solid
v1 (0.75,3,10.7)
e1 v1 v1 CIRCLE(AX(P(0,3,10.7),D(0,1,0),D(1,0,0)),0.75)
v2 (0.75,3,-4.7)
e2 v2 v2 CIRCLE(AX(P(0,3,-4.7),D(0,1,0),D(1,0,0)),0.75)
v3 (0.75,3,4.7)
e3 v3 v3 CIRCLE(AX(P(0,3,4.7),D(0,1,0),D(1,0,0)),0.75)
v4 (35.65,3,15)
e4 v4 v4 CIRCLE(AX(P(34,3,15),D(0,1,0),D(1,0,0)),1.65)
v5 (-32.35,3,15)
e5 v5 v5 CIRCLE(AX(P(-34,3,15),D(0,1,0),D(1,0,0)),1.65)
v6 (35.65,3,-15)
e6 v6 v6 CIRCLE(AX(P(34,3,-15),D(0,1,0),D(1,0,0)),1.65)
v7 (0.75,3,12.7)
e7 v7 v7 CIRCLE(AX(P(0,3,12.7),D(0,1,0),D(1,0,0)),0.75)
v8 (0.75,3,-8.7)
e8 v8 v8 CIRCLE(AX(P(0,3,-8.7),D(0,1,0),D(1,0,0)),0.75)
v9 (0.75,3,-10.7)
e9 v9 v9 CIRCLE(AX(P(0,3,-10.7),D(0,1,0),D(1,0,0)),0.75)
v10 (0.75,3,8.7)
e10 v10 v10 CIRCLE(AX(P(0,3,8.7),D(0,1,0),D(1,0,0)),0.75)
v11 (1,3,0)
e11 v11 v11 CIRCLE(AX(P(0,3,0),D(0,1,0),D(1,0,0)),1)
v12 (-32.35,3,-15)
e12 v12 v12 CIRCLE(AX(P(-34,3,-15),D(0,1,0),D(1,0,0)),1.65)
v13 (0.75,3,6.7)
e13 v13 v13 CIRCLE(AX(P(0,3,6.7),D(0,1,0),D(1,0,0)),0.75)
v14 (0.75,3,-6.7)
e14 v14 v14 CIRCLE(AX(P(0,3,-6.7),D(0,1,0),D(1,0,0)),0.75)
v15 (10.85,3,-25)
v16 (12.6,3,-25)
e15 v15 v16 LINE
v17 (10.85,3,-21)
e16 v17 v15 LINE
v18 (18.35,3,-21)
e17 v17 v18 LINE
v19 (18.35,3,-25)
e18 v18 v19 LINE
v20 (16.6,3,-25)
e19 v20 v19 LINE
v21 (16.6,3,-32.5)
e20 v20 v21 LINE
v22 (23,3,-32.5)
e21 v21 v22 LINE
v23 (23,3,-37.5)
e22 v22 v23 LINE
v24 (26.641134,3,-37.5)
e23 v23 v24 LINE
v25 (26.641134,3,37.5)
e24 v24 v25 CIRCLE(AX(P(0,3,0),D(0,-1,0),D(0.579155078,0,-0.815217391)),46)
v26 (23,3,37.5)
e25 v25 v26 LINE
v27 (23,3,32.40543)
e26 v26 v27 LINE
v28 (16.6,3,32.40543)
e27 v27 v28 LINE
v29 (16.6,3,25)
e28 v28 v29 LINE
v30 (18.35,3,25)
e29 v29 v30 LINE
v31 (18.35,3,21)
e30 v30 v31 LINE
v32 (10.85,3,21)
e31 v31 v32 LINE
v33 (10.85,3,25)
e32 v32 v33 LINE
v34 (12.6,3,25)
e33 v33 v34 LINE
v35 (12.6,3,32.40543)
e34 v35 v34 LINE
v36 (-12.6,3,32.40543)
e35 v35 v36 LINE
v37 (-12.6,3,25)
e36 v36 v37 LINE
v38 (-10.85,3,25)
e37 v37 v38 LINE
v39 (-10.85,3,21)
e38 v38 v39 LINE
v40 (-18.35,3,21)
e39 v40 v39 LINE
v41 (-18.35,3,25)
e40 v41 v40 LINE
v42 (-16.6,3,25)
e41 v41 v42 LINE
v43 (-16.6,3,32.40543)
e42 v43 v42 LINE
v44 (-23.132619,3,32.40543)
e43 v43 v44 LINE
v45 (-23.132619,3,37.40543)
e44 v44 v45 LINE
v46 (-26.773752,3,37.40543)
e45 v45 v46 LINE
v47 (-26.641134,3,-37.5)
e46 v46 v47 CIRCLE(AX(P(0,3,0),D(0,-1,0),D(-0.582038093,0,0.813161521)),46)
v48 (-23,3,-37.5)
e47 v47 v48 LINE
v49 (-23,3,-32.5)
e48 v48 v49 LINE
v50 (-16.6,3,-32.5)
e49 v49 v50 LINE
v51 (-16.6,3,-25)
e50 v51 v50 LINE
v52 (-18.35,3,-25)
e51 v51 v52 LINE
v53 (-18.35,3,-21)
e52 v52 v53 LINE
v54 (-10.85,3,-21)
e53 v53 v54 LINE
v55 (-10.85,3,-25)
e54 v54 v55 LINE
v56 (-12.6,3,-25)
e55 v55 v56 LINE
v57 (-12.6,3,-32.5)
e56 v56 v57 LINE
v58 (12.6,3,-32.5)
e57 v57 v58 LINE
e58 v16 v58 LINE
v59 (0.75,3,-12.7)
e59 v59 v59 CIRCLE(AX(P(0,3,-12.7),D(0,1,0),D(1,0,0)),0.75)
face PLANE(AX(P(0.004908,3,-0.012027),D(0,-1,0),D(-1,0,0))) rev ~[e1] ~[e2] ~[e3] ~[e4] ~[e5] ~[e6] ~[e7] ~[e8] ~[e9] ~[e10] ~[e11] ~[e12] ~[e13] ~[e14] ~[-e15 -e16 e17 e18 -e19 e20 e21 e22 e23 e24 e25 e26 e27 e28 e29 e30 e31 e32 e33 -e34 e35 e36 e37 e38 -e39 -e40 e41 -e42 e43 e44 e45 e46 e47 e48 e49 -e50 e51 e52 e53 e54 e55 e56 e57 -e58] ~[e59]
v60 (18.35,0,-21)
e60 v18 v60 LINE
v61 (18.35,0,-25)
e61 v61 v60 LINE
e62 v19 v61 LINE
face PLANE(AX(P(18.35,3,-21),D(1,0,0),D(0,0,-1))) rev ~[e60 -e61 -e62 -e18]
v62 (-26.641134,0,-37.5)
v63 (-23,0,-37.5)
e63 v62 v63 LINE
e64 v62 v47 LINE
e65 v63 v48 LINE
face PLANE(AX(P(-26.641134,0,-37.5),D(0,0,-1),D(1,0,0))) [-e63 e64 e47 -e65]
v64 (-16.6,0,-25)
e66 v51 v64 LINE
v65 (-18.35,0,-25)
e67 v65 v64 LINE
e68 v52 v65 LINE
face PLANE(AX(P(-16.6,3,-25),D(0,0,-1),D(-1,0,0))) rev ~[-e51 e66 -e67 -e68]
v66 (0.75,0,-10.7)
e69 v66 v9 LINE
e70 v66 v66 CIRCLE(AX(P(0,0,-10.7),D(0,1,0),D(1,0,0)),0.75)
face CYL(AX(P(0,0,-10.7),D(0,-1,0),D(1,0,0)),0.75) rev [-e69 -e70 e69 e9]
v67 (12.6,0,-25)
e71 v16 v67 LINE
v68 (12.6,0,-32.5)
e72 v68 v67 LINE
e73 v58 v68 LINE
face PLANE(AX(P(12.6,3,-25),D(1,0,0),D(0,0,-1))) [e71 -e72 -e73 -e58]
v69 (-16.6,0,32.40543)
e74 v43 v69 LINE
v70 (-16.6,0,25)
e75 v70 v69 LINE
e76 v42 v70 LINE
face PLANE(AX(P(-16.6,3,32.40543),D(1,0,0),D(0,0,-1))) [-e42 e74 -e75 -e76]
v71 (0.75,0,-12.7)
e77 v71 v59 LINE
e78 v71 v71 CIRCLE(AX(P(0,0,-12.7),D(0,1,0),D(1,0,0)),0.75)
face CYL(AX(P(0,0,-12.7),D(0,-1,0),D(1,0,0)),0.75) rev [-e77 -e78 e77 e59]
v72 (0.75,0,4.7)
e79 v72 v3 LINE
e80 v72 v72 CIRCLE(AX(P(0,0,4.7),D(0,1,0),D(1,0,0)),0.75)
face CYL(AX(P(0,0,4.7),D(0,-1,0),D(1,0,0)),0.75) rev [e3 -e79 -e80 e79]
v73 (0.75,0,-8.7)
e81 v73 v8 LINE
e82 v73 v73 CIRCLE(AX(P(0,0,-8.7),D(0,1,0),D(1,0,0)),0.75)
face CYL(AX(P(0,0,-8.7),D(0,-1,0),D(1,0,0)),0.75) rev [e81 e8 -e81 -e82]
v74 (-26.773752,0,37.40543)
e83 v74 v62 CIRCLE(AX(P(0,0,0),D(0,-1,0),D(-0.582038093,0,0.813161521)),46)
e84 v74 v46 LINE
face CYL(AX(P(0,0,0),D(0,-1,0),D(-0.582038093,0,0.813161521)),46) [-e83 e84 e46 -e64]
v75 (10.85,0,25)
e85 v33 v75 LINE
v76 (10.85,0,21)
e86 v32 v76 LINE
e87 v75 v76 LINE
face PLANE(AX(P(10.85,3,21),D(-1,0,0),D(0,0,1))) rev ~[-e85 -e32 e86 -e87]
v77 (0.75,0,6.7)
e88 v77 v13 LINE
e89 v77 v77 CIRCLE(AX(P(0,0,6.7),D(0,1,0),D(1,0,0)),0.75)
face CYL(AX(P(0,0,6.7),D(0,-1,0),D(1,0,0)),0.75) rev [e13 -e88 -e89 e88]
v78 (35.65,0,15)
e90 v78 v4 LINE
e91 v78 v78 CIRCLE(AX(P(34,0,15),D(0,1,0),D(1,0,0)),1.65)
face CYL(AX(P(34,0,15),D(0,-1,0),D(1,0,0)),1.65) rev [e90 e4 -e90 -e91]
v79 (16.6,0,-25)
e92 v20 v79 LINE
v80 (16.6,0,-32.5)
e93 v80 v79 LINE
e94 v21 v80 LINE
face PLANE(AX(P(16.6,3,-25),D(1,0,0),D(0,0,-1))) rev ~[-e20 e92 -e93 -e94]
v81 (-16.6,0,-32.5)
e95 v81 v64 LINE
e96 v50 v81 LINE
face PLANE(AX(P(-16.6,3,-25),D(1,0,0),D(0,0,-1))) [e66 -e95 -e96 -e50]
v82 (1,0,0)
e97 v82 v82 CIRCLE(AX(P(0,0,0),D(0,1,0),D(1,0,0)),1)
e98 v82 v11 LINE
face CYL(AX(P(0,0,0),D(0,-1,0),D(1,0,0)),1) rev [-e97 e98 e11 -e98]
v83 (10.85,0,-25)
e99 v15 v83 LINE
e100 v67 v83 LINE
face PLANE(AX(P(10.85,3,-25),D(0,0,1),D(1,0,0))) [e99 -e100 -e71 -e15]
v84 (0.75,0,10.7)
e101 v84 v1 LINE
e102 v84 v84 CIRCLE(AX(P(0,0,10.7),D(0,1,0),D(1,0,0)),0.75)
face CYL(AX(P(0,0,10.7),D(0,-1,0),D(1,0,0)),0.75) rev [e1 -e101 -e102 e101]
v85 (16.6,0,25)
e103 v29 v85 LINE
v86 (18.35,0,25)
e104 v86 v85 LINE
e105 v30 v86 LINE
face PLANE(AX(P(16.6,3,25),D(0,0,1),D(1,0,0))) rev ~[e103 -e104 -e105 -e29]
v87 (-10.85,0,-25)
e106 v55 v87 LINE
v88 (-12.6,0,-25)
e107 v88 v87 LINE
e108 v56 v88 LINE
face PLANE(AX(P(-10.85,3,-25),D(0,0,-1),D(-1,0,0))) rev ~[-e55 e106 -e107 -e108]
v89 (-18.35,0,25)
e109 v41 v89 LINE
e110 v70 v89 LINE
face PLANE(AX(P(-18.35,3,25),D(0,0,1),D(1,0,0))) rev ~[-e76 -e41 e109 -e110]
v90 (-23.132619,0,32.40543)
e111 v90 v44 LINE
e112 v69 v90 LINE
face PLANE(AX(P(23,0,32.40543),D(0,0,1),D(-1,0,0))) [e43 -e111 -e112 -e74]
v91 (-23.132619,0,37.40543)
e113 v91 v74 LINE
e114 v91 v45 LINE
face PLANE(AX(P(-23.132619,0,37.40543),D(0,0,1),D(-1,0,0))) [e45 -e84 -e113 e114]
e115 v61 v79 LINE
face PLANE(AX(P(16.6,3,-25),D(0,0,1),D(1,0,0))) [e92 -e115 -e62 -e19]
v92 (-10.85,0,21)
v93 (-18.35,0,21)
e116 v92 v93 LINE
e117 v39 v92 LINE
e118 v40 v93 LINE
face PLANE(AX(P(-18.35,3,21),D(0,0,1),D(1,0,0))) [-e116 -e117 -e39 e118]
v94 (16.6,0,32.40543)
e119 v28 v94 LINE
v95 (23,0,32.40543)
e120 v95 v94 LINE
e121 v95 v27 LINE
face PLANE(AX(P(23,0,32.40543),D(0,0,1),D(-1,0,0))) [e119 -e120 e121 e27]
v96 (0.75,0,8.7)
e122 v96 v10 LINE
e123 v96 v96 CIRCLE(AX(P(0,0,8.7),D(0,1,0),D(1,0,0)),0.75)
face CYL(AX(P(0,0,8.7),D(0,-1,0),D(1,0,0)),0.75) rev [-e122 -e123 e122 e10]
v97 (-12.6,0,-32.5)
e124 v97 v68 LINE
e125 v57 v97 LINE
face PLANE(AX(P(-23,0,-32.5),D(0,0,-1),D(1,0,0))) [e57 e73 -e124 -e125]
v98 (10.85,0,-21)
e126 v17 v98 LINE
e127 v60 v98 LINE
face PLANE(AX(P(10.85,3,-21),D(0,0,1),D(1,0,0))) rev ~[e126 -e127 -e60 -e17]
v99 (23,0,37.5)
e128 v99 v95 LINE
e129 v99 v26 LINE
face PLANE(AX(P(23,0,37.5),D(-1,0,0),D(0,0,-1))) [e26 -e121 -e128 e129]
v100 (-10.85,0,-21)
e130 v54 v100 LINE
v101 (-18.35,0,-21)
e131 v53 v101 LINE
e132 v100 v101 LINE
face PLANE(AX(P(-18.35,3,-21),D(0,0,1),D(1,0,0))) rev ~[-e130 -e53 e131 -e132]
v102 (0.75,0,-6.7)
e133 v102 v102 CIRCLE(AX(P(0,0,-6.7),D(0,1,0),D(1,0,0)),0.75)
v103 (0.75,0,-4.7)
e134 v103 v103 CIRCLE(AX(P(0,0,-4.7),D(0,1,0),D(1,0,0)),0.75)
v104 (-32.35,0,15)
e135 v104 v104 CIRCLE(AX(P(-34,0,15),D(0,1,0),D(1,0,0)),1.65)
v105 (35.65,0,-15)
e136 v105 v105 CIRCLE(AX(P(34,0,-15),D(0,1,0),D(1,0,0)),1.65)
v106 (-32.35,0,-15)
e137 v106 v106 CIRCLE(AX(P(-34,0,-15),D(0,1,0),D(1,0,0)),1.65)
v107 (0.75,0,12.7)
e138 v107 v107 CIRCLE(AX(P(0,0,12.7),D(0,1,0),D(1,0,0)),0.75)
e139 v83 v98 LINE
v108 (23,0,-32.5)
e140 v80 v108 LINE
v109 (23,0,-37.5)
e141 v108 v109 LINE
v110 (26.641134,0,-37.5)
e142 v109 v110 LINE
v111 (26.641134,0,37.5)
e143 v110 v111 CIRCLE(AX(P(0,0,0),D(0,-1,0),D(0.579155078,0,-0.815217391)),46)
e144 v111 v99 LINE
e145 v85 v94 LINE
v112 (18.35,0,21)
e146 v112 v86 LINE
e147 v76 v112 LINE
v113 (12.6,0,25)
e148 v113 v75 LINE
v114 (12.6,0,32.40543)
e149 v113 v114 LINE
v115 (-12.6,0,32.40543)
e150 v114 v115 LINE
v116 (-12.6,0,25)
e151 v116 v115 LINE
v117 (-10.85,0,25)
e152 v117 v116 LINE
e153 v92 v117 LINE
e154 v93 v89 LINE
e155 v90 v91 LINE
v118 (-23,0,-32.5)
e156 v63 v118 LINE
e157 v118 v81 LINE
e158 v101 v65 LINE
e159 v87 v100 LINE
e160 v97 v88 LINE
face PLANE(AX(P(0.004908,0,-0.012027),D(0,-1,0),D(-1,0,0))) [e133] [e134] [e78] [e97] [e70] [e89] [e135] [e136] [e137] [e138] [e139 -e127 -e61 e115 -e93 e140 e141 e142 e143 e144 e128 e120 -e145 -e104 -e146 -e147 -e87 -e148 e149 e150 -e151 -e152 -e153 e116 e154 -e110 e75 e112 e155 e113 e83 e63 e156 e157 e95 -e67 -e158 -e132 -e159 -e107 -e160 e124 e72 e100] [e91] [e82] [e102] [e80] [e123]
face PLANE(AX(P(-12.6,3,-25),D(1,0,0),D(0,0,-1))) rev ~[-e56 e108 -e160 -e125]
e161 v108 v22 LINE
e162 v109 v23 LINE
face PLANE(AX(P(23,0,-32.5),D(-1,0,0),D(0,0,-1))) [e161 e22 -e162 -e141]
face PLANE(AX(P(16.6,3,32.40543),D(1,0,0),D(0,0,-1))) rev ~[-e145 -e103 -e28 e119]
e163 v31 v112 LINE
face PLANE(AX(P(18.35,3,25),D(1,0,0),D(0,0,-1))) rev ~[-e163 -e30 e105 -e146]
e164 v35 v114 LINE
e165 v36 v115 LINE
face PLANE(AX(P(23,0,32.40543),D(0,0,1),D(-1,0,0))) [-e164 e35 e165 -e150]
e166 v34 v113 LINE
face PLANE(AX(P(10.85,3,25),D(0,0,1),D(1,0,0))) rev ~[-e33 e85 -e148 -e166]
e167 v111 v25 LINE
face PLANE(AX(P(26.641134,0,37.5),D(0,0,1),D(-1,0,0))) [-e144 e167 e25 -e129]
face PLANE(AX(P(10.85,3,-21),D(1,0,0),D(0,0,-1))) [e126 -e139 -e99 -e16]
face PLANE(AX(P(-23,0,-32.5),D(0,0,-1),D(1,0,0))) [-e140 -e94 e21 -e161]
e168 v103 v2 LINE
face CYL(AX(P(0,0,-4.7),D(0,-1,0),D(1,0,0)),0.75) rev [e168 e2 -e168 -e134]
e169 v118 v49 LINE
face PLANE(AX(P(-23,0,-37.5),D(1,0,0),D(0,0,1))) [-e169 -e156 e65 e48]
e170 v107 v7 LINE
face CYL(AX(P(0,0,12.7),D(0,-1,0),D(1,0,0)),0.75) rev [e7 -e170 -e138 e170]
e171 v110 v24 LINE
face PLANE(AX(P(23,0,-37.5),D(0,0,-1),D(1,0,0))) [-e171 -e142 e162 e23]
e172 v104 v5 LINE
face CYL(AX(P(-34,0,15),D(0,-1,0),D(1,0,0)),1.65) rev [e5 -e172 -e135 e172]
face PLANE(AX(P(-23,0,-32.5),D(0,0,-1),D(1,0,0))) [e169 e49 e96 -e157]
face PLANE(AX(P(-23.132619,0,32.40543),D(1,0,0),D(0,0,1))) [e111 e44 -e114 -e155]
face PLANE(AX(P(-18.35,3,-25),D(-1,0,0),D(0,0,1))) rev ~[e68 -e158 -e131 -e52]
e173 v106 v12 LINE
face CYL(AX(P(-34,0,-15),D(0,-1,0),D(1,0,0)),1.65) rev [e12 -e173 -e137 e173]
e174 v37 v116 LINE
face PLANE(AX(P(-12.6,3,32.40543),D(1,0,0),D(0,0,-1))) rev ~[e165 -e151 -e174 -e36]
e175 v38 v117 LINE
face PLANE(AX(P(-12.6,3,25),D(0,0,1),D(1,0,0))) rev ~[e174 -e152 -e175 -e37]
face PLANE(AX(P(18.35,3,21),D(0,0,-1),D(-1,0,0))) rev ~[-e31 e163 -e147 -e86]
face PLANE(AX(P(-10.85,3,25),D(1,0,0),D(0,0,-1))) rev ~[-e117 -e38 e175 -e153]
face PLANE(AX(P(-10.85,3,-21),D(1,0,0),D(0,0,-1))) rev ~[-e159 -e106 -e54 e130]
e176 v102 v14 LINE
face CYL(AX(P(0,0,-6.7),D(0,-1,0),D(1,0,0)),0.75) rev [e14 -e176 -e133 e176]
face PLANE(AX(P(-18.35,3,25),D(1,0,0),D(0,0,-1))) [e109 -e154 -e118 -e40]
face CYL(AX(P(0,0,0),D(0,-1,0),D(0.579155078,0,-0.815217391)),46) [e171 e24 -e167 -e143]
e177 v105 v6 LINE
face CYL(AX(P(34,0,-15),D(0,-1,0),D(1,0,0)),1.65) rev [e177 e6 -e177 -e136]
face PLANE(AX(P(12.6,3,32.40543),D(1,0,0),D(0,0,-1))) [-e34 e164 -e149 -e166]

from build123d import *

# Parameters (mm, degrees)
SKETCH1_R           = 1.65
SKETCH1_R_2         = 1
SKETCH1_R_3         = 0.75
BOSS_EXTRUDE1_DEPTH = 3
SKETCH2_W           = 4
SKETCH2_H           = 7.5
SKETCH2_W_2         = 7.5
SKETCH2_H_2         = 4
SKETCH2_H_3         = 7.405429953
CUT_EXTRUDE1_DEPTH  = 4


with BuildPart() as part:
    # Sketch1 → Boss-Extrude1 (new body)
    with BuildSketch(Plane(origin=(0, 0, 0), x_dir=(1, 0, 0), z_dir=(0, 1, 0))):
        with BuildLine():
            Line((-26.64113361, 37.5), (-23, 37.5))
            Line((-23, 37.5), (-23, 32.5))
            Line((-23, 32.5), (23, 32.5))
            Line((23, 32.5), (23, 37.5))
            Line((23, 37.5), (26.64113361, 37.5))
            ThreePointArc((26.64113361, 37.5), (46, 0), (26.64113361, -37.5))
            Line((26.64113361, -37.5), (23, -37.5))
            Line((23, -37.5), (23, -32.405429953))
            Line((23, -32.405429953), (-23.13261865, -32.405429953))
            Line((-23.13261865, -32.405429953), (-23.13261865, -37.405429953))
            Line((-23.13261865, -37.405429953), (-26.77375226, -37.405429953))
            ThreePointArc((-26.77375226, -37.405429953), (-45.999927904, 0.081442004), (-26.64113361, 37.5))
        make_face()
        with Locations((34, -15)):
            Circle(SKETCH1_R, mode=Mode.SUBTRACT)
        with Locations((34, 15)):
            Circle(SKETCH1_R, mode=Mode.SUBTRACT)
        with Locations((-34, 15)):
            Circle(SKETCH1_R, mode=Mode.SUBTRACT)
        with Locations((-34, -15)):
            Circle(SKETCH1_R, mode=Mode.SUBTRACT)
        Circle(SKETCH1_R_2, mode=Mode.SUBTRACT)
        with Locations((0, 8.7)):
            Circle(SKETCH1_R_3, mode=Mode.SUBTRACT)
        with Locations((0, 10.7)):
            Circle(SKETCH1_R_3, mode=Mode.SUBTRACT)
        with Locations((0, 12.7)):
            Circle(SKETCH1_R_3, mode=Mode.SUBTRACT)
        with Locations((0, 6.7)):
            Circle(SKETCH1_R_3, mode=Mode.SUBTRACT)
        with Locations((0, 4.7)):
            Circle(SKETCH1_R_3, mode=Mode.SUBTRACT)
        with Locations((0, -12.7)):
            Circle(SKETCH1_R_3, mode=Mode.SUBTRACT)
        with Locations((0, -10.7)):
            Circle(SKETCH1_R_3, mode=Mode.SUBTRACT)
        with Locations((0, -8.7)):
            Circle(SKETCH1_R_3, mode=Mode.SUBTRACT)
        with Locations((0, -6.7)):
            Circle(SKETCH1_R_3, mode=Mode.SUBTRACT)
        with Locations((0, -4.7)):
            Circle(SKETCH1_R_3, mode=Mode.SUBTRACT)
    extrude(amount=BOSS_EXTRUDE1_DEPTH)

    # Sketch2 → Cut-Extrude1 (cut, through all)
    with BuildSketch(Plane(origin=(0, 3, 0), x_dir=(1, 0, 0), z_dir=(0, 1, 0))):
        with Locations((-14.6, 28.75)):
            Rectangle(SKETCH2_W, SKETCH2_H)
        Polygon((-12.6, 25), (-16.6, 25), (-18.35, 25), (-18.35, 21), (-10.85, 21), (-10.85, 25), align=None)
        with Locations((14.6, 28.75)):
            Rectangle(SKETCH2_W, SKETCH2_H)
        with Locations((14.6, 23)):
            Rectangle(SKETCH2_W_2, SKETCH2_H_2)
        with Locations((-14.6, -23)):
            Rectangle(SKETCH2_W_2, SKETCH2_H_2)
        with Locations((-14.6, -28.702714977)):
            Rectangle(SKETCH2_W, SKETCH2_H_3)
        Polygon((12.6, -25), (16.6, -25), (18.35, -25), (18.35, -21), (10.85, -21), (10.85, -25), align=None)
        with Locations((14.6, -28.702714977)):
            Rectangle(SKETCH2_W, SKETCH2_H_3)
    extrude(amount=-CUT_EXTRUDE1_DEPTH, mode=Mode.SUBTRACT)


solid = part.part
